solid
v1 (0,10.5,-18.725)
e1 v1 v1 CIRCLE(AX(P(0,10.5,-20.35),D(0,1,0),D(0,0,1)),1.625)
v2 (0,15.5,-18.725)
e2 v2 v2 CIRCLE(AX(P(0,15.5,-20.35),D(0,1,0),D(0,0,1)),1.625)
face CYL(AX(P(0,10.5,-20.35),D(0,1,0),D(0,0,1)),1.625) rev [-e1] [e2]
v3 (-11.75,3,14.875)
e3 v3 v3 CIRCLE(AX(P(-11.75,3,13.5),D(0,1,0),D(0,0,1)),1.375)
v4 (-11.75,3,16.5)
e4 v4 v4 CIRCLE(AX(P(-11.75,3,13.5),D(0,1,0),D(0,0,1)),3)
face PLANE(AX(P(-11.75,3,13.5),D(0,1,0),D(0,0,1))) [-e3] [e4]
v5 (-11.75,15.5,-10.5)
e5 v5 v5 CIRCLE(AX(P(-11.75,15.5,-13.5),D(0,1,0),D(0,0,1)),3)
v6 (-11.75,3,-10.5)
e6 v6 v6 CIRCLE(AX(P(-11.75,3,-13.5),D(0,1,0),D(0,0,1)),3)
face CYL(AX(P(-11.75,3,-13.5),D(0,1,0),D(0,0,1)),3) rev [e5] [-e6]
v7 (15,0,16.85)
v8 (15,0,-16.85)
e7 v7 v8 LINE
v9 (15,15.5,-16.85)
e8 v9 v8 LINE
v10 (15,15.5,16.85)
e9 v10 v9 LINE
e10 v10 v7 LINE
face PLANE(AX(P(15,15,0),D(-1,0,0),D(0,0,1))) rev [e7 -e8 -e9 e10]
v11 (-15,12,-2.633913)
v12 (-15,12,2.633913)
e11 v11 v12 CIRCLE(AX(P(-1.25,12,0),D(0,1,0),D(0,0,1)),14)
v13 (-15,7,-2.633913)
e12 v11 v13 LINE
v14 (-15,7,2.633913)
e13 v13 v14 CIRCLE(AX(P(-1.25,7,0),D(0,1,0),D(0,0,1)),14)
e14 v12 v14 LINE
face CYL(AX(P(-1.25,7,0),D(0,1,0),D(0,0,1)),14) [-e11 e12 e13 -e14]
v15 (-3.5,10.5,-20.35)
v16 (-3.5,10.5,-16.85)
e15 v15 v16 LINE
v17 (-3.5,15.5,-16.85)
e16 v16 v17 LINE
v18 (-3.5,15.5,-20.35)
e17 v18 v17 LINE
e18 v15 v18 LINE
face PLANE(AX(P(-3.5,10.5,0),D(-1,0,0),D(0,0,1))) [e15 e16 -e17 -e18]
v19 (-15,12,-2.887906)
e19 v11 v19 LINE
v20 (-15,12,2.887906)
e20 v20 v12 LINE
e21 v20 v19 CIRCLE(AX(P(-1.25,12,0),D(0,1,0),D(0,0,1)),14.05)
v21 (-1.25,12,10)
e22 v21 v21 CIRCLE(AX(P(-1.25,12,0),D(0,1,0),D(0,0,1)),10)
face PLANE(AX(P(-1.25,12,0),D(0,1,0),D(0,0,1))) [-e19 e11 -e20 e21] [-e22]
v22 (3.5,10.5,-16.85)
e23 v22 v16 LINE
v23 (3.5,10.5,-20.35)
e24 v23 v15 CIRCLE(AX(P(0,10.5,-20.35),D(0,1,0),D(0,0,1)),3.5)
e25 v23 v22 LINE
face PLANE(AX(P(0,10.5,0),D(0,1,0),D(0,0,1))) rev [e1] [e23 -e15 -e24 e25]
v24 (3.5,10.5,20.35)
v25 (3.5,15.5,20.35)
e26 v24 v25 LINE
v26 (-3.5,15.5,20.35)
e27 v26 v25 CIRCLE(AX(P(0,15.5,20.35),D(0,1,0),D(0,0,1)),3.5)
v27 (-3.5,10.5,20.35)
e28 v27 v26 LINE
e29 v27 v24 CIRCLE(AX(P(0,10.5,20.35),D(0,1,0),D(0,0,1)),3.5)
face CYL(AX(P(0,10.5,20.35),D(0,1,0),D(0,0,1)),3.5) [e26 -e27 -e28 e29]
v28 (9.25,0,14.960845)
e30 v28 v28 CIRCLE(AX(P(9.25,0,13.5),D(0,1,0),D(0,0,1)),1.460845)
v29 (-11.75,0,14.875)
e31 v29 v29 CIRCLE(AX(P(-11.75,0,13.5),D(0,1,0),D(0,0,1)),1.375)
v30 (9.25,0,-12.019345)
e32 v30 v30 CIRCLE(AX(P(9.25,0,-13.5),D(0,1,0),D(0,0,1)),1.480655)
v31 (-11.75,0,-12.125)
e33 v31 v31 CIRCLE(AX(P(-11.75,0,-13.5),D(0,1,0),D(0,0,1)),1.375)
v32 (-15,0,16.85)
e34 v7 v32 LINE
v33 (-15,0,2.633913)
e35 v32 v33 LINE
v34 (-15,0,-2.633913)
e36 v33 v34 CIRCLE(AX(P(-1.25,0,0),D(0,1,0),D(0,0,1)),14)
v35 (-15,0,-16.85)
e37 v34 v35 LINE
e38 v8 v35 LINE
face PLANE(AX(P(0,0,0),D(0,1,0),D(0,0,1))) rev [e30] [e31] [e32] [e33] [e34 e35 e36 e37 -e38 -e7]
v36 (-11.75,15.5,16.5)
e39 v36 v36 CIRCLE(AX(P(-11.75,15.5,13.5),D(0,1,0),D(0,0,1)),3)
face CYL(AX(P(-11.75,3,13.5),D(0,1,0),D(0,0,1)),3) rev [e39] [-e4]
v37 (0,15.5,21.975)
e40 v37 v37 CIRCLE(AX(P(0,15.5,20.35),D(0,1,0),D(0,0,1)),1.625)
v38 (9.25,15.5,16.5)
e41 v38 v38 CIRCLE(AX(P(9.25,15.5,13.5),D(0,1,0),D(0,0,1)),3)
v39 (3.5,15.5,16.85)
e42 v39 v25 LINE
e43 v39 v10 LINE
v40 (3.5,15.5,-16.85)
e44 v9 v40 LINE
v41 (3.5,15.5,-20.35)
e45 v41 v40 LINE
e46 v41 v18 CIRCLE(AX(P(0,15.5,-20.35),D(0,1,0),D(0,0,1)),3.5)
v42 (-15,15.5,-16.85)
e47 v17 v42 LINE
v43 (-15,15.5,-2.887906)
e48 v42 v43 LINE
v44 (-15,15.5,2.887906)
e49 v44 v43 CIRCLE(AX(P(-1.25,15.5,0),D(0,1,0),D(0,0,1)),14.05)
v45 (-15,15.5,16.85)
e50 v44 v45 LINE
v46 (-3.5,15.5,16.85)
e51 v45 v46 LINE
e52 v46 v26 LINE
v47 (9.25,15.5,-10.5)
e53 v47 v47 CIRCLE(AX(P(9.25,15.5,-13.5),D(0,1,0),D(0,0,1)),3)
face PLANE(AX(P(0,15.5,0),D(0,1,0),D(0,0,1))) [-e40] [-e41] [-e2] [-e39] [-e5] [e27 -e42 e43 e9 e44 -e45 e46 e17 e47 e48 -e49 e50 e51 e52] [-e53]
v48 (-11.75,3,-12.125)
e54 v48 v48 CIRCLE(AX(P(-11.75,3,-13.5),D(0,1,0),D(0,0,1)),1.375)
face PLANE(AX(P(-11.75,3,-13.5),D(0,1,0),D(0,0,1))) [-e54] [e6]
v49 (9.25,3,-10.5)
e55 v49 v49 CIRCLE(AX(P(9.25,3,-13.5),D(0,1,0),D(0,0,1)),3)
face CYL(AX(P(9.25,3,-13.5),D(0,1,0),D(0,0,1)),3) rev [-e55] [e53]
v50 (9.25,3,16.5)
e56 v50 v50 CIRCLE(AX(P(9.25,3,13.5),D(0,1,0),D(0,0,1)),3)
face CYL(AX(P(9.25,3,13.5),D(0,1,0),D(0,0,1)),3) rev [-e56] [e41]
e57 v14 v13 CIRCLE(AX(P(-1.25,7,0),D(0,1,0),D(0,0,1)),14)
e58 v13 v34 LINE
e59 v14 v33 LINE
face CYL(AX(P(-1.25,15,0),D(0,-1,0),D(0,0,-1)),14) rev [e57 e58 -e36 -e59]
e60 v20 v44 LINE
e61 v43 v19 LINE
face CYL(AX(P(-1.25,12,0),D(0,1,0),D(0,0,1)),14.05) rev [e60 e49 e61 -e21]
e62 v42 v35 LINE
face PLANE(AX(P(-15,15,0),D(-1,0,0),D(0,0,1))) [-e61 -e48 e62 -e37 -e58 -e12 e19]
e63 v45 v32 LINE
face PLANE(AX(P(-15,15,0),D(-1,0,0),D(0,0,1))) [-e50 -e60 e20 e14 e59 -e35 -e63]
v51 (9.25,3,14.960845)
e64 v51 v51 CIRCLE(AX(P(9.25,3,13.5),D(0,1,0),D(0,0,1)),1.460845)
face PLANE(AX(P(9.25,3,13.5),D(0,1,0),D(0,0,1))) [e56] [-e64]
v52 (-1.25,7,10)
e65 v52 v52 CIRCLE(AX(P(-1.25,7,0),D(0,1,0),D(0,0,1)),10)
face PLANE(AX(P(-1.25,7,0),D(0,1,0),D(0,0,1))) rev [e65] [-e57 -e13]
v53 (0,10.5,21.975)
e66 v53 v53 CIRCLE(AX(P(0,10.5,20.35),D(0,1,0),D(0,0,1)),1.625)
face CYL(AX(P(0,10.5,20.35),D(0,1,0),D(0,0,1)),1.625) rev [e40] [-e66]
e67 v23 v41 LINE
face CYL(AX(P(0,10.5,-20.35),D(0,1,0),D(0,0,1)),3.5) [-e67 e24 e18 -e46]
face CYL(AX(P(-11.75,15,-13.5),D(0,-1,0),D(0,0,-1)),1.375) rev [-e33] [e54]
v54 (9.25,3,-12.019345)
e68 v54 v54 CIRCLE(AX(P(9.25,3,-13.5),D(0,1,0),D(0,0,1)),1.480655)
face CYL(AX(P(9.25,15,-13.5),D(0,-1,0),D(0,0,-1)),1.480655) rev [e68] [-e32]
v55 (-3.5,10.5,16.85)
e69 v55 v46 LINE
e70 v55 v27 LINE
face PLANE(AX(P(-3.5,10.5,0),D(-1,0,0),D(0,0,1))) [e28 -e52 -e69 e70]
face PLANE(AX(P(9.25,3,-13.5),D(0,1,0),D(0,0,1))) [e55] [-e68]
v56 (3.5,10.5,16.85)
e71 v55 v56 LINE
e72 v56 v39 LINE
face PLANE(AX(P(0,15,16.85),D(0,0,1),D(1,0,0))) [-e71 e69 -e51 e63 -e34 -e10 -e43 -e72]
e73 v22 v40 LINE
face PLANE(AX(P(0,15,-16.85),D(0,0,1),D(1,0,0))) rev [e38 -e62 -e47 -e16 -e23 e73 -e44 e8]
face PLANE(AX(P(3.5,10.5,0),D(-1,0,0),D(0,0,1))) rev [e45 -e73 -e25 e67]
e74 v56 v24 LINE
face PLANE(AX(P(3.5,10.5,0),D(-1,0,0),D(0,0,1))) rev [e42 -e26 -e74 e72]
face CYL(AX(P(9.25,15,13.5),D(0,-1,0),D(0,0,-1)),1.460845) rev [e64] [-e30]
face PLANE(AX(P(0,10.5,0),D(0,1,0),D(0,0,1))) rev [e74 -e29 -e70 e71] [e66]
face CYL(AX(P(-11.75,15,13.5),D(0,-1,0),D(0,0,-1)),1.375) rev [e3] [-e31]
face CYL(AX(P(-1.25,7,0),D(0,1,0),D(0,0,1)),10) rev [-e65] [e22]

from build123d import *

# Parameters (mm, degrees)
SKETCH1_R           = 1.375
SKETCH1_R_2         = 1.460845326
SKETCH1_R_3         = 1.480655282
BOSS_EXTRUDE1_DEPTH = 15
BOSS_EXTRUDE2_START = -8
SKETCH2_R           = 14
SKETCH2_R_2         = 10
BOSS_EXTRUDE2_DEPTH = 8
CUT_EXTRUDE1_START  = -3
SKETCH3_R           = 14
SKETCH3_R_2         = 10
CUT_EXTRUDE1_DEPTH  = 3
SKETCH5_R           = 1.480655282
SKETCH5_R_2         = 1.375
SKETCH5_R_3         = 1.460845326
BOSS_EXTRUDE3_DEPTH = 0.5
BOSS_EXTRUDE4_DEPTH = 5
SKETCH7_R           = 3
CUT_EXTRUDE2_DEPTH  = 12.5
SKETCH8_R           = 14.05
CUT_EXTRUDE3_DEPTH  = 3.5


with BuildPart() as part:
    # Sketch1 → Boss-Extrude1 (new body)
    with BuildSketch(Plane(origin=(0, 0, 0), x_dir=(1, 0, 0), z_dir=(0, 1, 0))):
        with BuildLine():
            Line((-15, -16.85), (15, -16.85))
            Line((15, -16.85), (15, 16.85))
            Line((15, 16.85), (-15, 16.85))
            Line((-15, 16.85), (-15, 2.633913438))
            ThreePointArc((-15, 2.633913438), (0.072875656, 13.937359865), (12.75, 0))
            ThreePointArc((12.75, 0), (0.072875656, -13.937359865), (-15, -2.633913438))
            Line((-15, -2.633913438), (-15, -16.85))
        make_face()
        with Locations(Location((-11.75, -13.5, 0), (0, 0, 270))):
            Circle(SKETCH1_R, mode=Mode.SUBTRACT)
        with Locations(Location((9.25, -13.5, 0), (0, 0, 270))):
            Circle(SKETCH1_R_2, mode=Mode.SUBTRACT)
        with Locations(Location((-11.75, 13.5, 0), (0, 0, 270))):
            Circle(SKETCH1_R, mode=Mode.SUBTRACT)
        with Locations(Location((9.25, 13.5, 0), (0, 0, 270))):
            Circle(SKETCH1_R_3, mode=Mode.SUBTRACT)
    extrude(amount=BOSS_EXTRUDE1_DEPTH)

    # Sketch2 → Boss-Extrude2 (add)
    with BuildSketch(Plane(origin=(0, 15, 0), x_dir=(1, 0, 0), z_dir=(0, 1, 0)).offset(BOSS_EXTRUDE2_START)):
        with Locations((-1.25, 0)):
            Circle(SKETCH2_R)
        with Locations(Location((-1.25, 0, 0), (0, 0, 270))):
            Circle(SKETCH2_R_2, mode=Mode.SUBTRACT)
    extrude(amount=BOSS_EXTRUDE2_DEPTH)

    # Sketch3 → Cut-Extrude1 (cut)
    with BuildSketch(Plane(origin=(0, 15, 0), x_dir=(1, 0, 0), z_dir=(0, 1, 0)).offset(CUT_EXTRUDE1_START)):
        with Locations((-1.25, 0)):
            Circle(SKETCH3_R)
        with Locations(Location((-1.25, 0, 0), (0, 0, 270))):
            Circle(SKETCH3_R_2, mode=Mode.SUBTRACT)
    extrude(amount=CUT_EXTRUDE1_DEPTH, mode=Mode.SUBTRACT)

    # Sketch5 → Boss-Extrude3 (add)
    with BuildSketch(Plane(origin=(0, 15, 0), x_dir=(1, 0, 0), z_dir=(0, 1, 0))):
        with BuildLine():
            Line((-15, 16.85), (-15, 2.633913438))
            ThreePointArc((-15, 2.633913438), (12.75, 0), (-15, -2.633913438))
            Line((-15, -2.633913438), (-15, -16.85))
            Line((-15, -16.85), (15, -16.85))
            Line((15, -16.85), (15, 16.85))
            Line((15, 16.85), (-15, 16.85))
        make_face()
        with Locations(Location((9.25, 13.5, 0), (0, 0, 270))):
            Circle(SKETCH5_R, mode=Mode.SUBTRACT)
        with Locations(Location((-11.75, -13.5, 0), (0, 0, 270))):
            Circle(SKETCH5_R_2, mode=Mode.SUBTRACT)
        with Locations(Location((-11.75, 13.5, 0), (0, 0, 270))):
            Circle(SKETCH5_R_2, mode=Mode.SUBTRACT)
        with Locations(Location((9.25, -13.5, 0), (0, 0, 270))):
            Circle(SKETCH5_R_3, mode=Mode.SUBTRACT)
    extrude(amount=BOSS_EXTRUDE3_DEPTH)

    # Sketch6 → Boss-Extrude4 (add)
    with BuildSketch(Plane(origin=(0, 15.5, 0), x_dir=(1, 0, 0), z_dir=(0, 1, 0))):
        with BuildLine():
            ThreePointArc((-1.625, 20.35), (0, 21.975), (1.625, 20.35))
            Line((1.625, 20.35), (3.5, 20.35))
            ThreePointArc((3.5, 20.35), (0, 23.85), (-3.5, 20.35))
            Line((-3.5, 20.35), (-1.625, 20.35))
        make_face()
        with BuildLine():
            Line((3.5, 20.35), (1.625, 20.35))
            ThreePointArc((1.625, 20.35), (0, 18.725), (-1.625, 20.35))
            Line((-1.625, 20.35), (-3.5, 20.35))
            ThreePointArc((-3.5, 20.35), (-2.474873743, 17.875126275), (-2.6e-08, 16.85))
            ThreePointArc((-2.6e-08, 16.85), (2.474873725, 17.875126257), (3.5, 20.35))
        make_face()
        with BuildLine():
            Line((3.5, 16.85), (3.5, 20.35))
            ThreePointArc((3.5, 20.35), (2.474873725, 17.875126257), (-2.6e-08, 16.85))
            Line((-2.6e-08, 16.85), (3.5, 16.85))
        make_face()
        with BuildLine():
            ThreePointArc((-2.6e-08, 16.85), (-2.474873743, 17.875126275), (-3.5, 20.35))
            Line((-3.5, 20.35), (-3.5, 16.85))
            Line((-3.5, 16.85), (-2.6e-08, 16.85))
        make_face()
        with BuildLine():
            ThreePointArc((-3.5, -20.35), (-2.474873734, -17.875126266), (0, -16.85))
            Line((0, -16.85), (-3.5, -16.85))
            Line((-3.5, -16.85), (-3.5, -20.35))
        make_face()
        with BuildLine():
            Line((3.5, -20.35), (3.5, -16.85))
            Line((3.5, -16.85), (0, -16.85))
            ThreePointArc((0, -16.85), (2.474873734, -17.875126266), (3.5, -20.35))
        make_face()
        with BuildLine():
            ThreePointArc((-3.5, -20.35), (0, -23.85), (3.5, -20.35))
            Line((3.5, -20.35), (1.625, -20.35))
            ThreePointArc((1.625, -20.35), (0, -21.975), (-1.625, -20.35))
            Line((-1.625, -20.35), (-3.5, -20.35))
        make_face()
        with BuildLine():
            Line((1.625, -20.35), (3.5, -20.35))
            ThreePointArc((3.5, -20.35), (2.474873734, -17.875126266), (0, -16.85))
            ThreePointArc((0, -16.85), (-2.474873734, -17.875126266), (-3.5, -20.35))
            Line((-3.5, -20.35), (-1.625, -20.35))
            ThreePointArc((-1.625, -20.35), (0, -18.725), (1.625, -20.35))
        make_face()
    extrude(amount=-BOSS_EXTRUDE4_DEPTH)

    # Sketch7 → Cut-Extrude2 (cut)
    with BuildSketch(Plane(origin=(0, 15.5, 0), x_dir=(1, 0, 0), z_dir=(0, 1, 0))):
        with Locations(Location((-11.75, 13.5, 0), (0, 0, 270))):
            Circle(SKETCH7_R)
        with Locations(Location((9.25, 13.5, 0), (0, 0, 270))):
            Circle(SKETCH7_R)
        with Locations(Location((9.25, -13.5, 0), (0, 0, 270))):
            Circle(SKETCH7_R)
        with Locations(Location((-11.75, -13.5, 0), (0, 0, 270))):
            Circle(SKETCH7_R)
    extrude(amount=-CUT_EXTRUDE2_DEPTH, mode=Mode.SUBTRACT)

    # Sketch8 → Cut-Extrude3 (cut)
    with BuildSketch(Plane(origin=(0, 15.5, 0), x_dir=(1, 0, 0), z_dir=(0, 1, 0))):
        with Locations((-1.25, 0)):
            Circle(SKETCH8_R)
    extrude(amount=-CUT_EXTRUDE3_DEPTH, mode=Mode.SUBTRACT)


solid = part.part
